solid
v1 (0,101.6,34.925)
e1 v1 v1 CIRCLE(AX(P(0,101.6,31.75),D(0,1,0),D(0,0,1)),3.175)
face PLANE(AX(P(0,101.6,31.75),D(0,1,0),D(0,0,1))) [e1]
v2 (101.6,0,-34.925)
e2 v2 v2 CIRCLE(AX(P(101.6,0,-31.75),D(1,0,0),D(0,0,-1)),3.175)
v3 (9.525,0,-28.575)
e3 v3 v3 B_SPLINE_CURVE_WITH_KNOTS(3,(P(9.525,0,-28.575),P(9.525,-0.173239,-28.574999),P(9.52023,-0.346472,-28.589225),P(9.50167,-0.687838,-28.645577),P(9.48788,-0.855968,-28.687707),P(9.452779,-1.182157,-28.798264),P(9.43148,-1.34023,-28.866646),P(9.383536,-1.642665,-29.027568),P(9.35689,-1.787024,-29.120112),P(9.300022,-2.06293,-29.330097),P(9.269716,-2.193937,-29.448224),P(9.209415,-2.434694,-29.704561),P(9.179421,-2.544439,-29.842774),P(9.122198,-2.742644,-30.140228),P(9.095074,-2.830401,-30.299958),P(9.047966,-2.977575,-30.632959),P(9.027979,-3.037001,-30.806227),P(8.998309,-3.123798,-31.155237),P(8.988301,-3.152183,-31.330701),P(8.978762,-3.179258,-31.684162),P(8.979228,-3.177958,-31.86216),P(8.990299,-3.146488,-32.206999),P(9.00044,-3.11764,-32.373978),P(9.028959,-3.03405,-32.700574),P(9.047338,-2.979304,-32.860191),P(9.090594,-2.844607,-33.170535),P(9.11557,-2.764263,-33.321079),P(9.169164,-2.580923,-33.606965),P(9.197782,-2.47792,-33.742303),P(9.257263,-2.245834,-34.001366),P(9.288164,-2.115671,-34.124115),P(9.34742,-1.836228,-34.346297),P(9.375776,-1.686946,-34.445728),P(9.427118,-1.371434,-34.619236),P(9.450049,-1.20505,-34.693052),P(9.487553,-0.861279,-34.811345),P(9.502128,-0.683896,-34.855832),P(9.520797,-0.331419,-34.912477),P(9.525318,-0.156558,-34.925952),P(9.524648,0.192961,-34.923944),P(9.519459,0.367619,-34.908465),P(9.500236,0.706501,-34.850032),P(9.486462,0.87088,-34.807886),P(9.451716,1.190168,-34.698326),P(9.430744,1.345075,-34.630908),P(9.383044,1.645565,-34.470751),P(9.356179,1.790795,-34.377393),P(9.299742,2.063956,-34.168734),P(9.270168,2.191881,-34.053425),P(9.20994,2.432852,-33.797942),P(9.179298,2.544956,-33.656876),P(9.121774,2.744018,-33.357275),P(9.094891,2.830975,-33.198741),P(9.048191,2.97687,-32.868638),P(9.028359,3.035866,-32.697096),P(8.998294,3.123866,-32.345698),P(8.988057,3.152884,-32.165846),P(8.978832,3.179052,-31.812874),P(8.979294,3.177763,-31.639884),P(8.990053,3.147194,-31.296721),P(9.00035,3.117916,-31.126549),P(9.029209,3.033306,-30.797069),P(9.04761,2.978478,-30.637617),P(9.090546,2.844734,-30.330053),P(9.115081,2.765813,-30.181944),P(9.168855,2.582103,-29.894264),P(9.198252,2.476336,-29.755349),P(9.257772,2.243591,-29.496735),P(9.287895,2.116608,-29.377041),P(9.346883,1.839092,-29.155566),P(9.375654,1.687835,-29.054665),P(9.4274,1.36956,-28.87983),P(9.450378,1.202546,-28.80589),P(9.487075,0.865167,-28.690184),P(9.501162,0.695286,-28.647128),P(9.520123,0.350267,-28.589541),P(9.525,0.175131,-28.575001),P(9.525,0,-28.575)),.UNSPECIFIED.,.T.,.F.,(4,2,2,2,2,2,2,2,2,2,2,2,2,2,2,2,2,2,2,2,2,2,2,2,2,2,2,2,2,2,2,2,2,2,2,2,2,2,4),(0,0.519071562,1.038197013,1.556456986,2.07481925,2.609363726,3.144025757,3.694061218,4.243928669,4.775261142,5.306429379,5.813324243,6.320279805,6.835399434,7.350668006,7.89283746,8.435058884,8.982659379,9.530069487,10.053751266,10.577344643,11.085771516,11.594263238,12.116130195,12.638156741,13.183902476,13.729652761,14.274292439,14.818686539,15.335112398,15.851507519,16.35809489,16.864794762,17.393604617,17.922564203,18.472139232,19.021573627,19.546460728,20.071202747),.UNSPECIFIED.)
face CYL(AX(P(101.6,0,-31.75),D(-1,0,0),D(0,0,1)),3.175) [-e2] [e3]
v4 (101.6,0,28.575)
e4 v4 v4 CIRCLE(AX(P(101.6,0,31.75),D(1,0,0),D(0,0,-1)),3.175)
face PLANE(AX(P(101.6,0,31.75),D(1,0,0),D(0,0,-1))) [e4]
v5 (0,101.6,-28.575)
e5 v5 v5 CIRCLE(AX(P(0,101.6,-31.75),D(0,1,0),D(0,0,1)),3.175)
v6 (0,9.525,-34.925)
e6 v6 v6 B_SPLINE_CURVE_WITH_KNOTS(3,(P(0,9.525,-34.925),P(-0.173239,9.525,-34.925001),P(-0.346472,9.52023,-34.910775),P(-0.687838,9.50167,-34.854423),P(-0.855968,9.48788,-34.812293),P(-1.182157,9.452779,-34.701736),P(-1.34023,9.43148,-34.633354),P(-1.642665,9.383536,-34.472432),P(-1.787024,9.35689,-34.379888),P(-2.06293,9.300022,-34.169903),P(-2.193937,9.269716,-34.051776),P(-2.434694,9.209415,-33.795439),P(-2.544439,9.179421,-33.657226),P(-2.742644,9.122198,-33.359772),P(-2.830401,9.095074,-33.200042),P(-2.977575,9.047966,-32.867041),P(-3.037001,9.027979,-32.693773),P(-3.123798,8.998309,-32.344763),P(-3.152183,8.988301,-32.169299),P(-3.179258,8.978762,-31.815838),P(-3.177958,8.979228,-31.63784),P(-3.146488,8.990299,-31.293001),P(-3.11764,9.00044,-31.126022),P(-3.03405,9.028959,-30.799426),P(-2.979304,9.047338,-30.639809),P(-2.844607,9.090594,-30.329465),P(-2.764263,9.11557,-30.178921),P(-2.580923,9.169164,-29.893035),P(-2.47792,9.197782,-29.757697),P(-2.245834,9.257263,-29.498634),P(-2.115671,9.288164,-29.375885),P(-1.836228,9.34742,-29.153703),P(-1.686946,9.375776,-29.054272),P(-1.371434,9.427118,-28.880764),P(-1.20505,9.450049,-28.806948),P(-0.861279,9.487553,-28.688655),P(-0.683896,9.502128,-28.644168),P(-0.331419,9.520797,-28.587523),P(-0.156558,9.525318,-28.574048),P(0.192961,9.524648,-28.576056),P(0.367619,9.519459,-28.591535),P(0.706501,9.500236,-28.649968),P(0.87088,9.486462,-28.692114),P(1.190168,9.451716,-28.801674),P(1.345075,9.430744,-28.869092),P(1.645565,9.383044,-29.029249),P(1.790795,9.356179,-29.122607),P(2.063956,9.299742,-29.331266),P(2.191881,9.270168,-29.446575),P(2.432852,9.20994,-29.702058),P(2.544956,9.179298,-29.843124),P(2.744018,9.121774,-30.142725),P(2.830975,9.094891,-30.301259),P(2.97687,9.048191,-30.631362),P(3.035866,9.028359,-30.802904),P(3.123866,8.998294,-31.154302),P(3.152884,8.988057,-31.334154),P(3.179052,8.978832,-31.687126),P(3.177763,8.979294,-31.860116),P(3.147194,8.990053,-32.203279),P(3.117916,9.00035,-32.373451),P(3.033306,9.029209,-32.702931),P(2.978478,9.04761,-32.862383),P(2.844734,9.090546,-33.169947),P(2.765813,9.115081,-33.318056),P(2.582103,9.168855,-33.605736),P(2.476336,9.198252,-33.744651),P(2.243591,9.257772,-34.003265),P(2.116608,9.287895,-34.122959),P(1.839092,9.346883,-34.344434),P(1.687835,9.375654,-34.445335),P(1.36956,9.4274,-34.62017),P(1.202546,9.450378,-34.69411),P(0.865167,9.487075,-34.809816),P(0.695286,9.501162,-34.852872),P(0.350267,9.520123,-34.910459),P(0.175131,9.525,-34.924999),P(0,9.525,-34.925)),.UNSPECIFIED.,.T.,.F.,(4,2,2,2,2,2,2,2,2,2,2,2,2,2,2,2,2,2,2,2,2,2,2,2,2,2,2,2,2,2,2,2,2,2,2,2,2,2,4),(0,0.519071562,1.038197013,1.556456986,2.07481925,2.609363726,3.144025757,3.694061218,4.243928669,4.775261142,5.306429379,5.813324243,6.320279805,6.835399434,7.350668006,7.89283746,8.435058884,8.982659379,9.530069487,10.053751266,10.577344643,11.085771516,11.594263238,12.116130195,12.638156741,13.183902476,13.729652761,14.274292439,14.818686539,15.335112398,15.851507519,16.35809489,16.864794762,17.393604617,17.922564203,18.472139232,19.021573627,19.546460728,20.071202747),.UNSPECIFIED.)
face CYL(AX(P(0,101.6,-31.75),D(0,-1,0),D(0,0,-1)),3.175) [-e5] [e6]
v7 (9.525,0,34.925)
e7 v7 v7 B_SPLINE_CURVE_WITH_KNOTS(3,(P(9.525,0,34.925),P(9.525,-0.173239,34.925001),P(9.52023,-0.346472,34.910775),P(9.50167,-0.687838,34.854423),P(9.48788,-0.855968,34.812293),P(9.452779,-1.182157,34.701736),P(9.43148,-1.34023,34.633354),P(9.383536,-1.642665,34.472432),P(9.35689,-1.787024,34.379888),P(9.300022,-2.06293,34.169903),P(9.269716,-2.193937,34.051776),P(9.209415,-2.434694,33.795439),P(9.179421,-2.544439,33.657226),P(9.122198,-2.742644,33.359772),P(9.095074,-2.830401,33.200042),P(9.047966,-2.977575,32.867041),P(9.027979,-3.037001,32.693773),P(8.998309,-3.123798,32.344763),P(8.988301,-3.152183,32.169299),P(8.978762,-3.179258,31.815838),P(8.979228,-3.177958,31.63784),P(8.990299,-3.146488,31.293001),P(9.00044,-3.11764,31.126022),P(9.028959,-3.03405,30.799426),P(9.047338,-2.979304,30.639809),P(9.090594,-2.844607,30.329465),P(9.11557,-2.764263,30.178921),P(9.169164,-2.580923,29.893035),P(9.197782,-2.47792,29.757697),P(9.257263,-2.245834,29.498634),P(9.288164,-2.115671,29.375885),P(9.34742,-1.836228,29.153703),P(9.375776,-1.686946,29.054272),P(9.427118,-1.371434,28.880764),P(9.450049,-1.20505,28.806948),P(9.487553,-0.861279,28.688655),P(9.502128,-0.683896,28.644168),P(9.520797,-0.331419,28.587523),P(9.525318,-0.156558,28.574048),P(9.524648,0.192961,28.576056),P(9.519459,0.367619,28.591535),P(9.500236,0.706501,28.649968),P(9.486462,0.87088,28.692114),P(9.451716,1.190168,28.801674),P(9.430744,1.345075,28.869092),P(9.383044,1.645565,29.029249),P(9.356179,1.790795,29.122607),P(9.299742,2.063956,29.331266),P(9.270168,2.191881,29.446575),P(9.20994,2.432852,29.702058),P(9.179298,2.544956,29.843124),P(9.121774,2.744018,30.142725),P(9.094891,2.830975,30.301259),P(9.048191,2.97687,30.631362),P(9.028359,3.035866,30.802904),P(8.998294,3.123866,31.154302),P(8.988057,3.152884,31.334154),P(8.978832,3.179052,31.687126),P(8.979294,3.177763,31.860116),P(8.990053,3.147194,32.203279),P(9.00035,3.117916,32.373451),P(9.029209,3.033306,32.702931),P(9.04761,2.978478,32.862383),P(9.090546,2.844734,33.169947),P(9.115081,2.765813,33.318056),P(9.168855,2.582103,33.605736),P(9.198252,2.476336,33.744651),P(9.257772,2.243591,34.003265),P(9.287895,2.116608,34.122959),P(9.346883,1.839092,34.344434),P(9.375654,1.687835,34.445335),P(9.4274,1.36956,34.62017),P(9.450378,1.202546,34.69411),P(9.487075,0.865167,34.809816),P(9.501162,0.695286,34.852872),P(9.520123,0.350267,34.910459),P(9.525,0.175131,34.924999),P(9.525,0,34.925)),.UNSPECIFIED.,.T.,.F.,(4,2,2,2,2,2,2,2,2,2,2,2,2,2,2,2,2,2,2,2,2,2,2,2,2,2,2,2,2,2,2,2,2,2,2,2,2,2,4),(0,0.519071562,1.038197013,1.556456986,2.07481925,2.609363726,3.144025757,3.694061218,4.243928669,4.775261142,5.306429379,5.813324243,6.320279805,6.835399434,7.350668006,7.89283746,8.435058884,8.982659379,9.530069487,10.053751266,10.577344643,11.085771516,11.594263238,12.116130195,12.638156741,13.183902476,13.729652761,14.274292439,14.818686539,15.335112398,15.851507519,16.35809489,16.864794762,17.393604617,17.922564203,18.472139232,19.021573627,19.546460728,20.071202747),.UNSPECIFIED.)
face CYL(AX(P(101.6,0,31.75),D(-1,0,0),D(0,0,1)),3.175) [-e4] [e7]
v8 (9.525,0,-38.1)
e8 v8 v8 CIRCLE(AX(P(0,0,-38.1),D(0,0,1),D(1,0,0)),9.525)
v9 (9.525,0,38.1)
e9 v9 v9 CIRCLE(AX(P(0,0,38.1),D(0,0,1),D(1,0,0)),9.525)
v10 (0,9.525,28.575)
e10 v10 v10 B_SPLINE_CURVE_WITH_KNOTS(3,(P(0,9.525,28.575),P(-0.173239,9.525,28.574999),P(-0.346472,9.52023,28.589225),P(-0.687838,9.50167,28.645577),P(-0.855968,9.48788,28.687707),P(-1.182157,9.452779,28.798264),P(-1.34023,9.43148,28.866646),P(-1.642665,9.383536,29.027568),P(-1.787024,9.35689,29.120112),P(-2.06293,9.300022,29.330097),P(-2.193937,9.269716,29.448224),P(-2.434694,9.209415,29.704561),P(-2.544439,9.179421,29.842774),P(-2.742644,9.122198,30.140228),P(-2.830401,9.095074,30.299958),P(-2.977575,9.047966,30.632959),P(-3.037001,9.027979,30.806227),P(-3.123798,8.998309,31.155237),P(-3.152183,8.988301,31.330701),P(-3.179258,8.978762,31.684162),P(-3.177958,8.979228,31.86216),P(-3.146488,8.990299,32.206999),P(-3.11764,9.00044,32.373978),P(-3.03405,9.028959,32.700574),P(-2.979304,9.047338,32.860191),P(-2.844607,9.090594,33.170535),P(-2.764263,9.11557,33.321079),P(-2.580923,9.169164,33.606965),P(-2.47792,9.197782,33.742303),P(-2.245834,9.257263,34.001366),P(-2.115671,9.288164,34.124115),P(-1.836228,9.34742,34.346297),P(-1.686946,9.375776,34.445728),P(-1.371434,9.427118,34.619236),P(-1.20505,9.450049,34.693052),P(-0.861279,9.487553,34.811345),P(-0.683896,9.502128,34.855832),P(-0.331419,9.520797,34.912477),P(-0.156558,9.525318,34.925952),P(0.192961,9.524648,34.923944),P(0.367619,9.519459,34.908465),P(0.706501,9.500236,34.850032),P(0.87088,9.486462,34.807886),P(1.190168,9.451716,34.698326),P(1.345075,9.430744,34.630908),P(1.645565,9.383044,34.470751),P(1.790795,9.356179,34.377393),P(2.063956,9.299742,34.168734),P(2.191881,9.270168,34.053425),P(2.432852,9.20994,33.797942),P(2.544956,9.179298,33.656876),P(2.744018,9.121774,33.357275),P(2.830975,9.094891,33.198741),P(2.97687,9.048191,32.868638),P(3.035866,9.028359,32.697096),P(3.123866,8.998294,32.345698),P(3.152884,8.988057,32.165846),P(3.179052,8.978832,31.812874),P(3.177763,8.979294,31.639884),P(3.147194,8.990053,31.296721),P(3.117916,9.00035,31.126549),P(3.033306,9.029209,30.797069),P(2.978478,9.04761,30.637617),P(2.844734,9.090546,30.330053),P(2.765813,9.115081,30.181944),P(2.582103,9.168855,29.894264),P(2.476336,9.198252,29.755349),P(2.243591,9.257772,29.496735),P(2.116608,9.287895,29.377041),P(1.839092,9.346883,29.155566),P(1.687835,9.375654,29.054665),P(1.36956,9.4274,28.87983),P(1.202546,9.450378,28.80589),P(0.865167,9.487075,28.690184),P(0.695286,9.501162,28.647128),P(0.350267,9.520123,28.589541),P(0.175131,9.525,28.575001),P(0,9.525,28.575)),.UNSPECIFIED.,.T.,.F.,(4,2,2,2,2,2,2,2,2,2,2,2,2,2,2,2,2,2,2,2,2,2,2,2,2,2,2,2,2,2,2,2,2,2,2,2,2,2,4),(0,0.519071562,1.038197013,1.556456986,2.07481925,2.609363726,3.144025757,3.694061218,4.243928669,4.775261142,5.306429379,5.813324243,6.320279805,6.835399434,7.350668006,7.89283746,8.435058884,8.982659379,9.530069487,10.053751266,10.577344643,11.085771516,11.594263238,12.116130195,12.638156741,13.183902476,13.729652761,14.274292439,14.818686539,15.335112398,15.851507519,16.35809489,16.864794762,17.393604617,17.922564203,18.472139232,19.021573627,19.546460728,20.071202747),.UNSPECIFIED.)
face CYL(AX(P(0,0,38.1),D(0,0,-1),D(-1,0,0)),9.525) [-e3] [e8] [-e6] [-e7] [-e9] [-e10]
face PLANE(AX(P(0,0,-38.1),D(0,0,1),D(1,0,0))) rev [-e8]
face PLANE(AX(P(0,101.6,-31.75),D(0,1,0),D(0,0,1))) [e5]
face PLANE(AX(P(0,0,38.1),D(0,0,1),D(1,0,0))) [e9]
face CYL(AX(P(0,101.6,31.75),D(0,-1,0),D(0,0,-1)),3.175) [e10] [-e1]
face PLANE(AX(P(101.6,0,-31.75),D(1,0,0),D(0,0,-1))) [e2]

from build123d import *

# Parameters (mm, degrees)
SKETCH1_R           = 9.525
BOSS_EXTRUDE1_DEPTH = 38.1
SKETCH2_R           = 3.175
BOSS_EXTRUDE2_DEPTH = 101.6
SKETCH3_R           = 3.175
BOSS_EXTRUDE3_DEPTH = 101.6


with BuildPart() as part:
    # Sketch1 → Boss-Extrude1 (new, symmetric)
    with BuildSketch(Plane.XY):
        with Locations(Location((0, 0, 0), (0, 0, 180))):
            Circle(SKETCH1_R)
    extrude(amount=BOSS_EXTRUDE1_DEPTH, both=True)

    # Sketch2 → Boss-Extrude2 (add)
    with BuildSketch(Plane(origin=(0, 0, 0), x_dir=(0, 0, -1), z_dir=(1, 0, 0))):
        with Locations((-31.75, 0)):
            Circle(SKETCH2_R)
        with Locations((31.75, 0)):
            Circle(SKETCH2_R)
    extrude(amount=BOSS_EXTRUDE2_DEPTH)

    # Sketch3 → Boss-Extrude3 (add)
    with BuildSketch(Plane(origin=(0, 0, 0), x_dir=(1, 0, 0), z_dir=(0, 1, 0))):
        with Locations(Location((0, 31.75, 0), (0, 0, 90))):
            Circle(SKETCH3_R)
        with Locations(Location((0, -31.75, 0), (0, 0, 90))):
            Circle(SKETCH3_R)
    extrude(amount=BOSS_EXTRUDE3_DEPTH)


solid = part.part
